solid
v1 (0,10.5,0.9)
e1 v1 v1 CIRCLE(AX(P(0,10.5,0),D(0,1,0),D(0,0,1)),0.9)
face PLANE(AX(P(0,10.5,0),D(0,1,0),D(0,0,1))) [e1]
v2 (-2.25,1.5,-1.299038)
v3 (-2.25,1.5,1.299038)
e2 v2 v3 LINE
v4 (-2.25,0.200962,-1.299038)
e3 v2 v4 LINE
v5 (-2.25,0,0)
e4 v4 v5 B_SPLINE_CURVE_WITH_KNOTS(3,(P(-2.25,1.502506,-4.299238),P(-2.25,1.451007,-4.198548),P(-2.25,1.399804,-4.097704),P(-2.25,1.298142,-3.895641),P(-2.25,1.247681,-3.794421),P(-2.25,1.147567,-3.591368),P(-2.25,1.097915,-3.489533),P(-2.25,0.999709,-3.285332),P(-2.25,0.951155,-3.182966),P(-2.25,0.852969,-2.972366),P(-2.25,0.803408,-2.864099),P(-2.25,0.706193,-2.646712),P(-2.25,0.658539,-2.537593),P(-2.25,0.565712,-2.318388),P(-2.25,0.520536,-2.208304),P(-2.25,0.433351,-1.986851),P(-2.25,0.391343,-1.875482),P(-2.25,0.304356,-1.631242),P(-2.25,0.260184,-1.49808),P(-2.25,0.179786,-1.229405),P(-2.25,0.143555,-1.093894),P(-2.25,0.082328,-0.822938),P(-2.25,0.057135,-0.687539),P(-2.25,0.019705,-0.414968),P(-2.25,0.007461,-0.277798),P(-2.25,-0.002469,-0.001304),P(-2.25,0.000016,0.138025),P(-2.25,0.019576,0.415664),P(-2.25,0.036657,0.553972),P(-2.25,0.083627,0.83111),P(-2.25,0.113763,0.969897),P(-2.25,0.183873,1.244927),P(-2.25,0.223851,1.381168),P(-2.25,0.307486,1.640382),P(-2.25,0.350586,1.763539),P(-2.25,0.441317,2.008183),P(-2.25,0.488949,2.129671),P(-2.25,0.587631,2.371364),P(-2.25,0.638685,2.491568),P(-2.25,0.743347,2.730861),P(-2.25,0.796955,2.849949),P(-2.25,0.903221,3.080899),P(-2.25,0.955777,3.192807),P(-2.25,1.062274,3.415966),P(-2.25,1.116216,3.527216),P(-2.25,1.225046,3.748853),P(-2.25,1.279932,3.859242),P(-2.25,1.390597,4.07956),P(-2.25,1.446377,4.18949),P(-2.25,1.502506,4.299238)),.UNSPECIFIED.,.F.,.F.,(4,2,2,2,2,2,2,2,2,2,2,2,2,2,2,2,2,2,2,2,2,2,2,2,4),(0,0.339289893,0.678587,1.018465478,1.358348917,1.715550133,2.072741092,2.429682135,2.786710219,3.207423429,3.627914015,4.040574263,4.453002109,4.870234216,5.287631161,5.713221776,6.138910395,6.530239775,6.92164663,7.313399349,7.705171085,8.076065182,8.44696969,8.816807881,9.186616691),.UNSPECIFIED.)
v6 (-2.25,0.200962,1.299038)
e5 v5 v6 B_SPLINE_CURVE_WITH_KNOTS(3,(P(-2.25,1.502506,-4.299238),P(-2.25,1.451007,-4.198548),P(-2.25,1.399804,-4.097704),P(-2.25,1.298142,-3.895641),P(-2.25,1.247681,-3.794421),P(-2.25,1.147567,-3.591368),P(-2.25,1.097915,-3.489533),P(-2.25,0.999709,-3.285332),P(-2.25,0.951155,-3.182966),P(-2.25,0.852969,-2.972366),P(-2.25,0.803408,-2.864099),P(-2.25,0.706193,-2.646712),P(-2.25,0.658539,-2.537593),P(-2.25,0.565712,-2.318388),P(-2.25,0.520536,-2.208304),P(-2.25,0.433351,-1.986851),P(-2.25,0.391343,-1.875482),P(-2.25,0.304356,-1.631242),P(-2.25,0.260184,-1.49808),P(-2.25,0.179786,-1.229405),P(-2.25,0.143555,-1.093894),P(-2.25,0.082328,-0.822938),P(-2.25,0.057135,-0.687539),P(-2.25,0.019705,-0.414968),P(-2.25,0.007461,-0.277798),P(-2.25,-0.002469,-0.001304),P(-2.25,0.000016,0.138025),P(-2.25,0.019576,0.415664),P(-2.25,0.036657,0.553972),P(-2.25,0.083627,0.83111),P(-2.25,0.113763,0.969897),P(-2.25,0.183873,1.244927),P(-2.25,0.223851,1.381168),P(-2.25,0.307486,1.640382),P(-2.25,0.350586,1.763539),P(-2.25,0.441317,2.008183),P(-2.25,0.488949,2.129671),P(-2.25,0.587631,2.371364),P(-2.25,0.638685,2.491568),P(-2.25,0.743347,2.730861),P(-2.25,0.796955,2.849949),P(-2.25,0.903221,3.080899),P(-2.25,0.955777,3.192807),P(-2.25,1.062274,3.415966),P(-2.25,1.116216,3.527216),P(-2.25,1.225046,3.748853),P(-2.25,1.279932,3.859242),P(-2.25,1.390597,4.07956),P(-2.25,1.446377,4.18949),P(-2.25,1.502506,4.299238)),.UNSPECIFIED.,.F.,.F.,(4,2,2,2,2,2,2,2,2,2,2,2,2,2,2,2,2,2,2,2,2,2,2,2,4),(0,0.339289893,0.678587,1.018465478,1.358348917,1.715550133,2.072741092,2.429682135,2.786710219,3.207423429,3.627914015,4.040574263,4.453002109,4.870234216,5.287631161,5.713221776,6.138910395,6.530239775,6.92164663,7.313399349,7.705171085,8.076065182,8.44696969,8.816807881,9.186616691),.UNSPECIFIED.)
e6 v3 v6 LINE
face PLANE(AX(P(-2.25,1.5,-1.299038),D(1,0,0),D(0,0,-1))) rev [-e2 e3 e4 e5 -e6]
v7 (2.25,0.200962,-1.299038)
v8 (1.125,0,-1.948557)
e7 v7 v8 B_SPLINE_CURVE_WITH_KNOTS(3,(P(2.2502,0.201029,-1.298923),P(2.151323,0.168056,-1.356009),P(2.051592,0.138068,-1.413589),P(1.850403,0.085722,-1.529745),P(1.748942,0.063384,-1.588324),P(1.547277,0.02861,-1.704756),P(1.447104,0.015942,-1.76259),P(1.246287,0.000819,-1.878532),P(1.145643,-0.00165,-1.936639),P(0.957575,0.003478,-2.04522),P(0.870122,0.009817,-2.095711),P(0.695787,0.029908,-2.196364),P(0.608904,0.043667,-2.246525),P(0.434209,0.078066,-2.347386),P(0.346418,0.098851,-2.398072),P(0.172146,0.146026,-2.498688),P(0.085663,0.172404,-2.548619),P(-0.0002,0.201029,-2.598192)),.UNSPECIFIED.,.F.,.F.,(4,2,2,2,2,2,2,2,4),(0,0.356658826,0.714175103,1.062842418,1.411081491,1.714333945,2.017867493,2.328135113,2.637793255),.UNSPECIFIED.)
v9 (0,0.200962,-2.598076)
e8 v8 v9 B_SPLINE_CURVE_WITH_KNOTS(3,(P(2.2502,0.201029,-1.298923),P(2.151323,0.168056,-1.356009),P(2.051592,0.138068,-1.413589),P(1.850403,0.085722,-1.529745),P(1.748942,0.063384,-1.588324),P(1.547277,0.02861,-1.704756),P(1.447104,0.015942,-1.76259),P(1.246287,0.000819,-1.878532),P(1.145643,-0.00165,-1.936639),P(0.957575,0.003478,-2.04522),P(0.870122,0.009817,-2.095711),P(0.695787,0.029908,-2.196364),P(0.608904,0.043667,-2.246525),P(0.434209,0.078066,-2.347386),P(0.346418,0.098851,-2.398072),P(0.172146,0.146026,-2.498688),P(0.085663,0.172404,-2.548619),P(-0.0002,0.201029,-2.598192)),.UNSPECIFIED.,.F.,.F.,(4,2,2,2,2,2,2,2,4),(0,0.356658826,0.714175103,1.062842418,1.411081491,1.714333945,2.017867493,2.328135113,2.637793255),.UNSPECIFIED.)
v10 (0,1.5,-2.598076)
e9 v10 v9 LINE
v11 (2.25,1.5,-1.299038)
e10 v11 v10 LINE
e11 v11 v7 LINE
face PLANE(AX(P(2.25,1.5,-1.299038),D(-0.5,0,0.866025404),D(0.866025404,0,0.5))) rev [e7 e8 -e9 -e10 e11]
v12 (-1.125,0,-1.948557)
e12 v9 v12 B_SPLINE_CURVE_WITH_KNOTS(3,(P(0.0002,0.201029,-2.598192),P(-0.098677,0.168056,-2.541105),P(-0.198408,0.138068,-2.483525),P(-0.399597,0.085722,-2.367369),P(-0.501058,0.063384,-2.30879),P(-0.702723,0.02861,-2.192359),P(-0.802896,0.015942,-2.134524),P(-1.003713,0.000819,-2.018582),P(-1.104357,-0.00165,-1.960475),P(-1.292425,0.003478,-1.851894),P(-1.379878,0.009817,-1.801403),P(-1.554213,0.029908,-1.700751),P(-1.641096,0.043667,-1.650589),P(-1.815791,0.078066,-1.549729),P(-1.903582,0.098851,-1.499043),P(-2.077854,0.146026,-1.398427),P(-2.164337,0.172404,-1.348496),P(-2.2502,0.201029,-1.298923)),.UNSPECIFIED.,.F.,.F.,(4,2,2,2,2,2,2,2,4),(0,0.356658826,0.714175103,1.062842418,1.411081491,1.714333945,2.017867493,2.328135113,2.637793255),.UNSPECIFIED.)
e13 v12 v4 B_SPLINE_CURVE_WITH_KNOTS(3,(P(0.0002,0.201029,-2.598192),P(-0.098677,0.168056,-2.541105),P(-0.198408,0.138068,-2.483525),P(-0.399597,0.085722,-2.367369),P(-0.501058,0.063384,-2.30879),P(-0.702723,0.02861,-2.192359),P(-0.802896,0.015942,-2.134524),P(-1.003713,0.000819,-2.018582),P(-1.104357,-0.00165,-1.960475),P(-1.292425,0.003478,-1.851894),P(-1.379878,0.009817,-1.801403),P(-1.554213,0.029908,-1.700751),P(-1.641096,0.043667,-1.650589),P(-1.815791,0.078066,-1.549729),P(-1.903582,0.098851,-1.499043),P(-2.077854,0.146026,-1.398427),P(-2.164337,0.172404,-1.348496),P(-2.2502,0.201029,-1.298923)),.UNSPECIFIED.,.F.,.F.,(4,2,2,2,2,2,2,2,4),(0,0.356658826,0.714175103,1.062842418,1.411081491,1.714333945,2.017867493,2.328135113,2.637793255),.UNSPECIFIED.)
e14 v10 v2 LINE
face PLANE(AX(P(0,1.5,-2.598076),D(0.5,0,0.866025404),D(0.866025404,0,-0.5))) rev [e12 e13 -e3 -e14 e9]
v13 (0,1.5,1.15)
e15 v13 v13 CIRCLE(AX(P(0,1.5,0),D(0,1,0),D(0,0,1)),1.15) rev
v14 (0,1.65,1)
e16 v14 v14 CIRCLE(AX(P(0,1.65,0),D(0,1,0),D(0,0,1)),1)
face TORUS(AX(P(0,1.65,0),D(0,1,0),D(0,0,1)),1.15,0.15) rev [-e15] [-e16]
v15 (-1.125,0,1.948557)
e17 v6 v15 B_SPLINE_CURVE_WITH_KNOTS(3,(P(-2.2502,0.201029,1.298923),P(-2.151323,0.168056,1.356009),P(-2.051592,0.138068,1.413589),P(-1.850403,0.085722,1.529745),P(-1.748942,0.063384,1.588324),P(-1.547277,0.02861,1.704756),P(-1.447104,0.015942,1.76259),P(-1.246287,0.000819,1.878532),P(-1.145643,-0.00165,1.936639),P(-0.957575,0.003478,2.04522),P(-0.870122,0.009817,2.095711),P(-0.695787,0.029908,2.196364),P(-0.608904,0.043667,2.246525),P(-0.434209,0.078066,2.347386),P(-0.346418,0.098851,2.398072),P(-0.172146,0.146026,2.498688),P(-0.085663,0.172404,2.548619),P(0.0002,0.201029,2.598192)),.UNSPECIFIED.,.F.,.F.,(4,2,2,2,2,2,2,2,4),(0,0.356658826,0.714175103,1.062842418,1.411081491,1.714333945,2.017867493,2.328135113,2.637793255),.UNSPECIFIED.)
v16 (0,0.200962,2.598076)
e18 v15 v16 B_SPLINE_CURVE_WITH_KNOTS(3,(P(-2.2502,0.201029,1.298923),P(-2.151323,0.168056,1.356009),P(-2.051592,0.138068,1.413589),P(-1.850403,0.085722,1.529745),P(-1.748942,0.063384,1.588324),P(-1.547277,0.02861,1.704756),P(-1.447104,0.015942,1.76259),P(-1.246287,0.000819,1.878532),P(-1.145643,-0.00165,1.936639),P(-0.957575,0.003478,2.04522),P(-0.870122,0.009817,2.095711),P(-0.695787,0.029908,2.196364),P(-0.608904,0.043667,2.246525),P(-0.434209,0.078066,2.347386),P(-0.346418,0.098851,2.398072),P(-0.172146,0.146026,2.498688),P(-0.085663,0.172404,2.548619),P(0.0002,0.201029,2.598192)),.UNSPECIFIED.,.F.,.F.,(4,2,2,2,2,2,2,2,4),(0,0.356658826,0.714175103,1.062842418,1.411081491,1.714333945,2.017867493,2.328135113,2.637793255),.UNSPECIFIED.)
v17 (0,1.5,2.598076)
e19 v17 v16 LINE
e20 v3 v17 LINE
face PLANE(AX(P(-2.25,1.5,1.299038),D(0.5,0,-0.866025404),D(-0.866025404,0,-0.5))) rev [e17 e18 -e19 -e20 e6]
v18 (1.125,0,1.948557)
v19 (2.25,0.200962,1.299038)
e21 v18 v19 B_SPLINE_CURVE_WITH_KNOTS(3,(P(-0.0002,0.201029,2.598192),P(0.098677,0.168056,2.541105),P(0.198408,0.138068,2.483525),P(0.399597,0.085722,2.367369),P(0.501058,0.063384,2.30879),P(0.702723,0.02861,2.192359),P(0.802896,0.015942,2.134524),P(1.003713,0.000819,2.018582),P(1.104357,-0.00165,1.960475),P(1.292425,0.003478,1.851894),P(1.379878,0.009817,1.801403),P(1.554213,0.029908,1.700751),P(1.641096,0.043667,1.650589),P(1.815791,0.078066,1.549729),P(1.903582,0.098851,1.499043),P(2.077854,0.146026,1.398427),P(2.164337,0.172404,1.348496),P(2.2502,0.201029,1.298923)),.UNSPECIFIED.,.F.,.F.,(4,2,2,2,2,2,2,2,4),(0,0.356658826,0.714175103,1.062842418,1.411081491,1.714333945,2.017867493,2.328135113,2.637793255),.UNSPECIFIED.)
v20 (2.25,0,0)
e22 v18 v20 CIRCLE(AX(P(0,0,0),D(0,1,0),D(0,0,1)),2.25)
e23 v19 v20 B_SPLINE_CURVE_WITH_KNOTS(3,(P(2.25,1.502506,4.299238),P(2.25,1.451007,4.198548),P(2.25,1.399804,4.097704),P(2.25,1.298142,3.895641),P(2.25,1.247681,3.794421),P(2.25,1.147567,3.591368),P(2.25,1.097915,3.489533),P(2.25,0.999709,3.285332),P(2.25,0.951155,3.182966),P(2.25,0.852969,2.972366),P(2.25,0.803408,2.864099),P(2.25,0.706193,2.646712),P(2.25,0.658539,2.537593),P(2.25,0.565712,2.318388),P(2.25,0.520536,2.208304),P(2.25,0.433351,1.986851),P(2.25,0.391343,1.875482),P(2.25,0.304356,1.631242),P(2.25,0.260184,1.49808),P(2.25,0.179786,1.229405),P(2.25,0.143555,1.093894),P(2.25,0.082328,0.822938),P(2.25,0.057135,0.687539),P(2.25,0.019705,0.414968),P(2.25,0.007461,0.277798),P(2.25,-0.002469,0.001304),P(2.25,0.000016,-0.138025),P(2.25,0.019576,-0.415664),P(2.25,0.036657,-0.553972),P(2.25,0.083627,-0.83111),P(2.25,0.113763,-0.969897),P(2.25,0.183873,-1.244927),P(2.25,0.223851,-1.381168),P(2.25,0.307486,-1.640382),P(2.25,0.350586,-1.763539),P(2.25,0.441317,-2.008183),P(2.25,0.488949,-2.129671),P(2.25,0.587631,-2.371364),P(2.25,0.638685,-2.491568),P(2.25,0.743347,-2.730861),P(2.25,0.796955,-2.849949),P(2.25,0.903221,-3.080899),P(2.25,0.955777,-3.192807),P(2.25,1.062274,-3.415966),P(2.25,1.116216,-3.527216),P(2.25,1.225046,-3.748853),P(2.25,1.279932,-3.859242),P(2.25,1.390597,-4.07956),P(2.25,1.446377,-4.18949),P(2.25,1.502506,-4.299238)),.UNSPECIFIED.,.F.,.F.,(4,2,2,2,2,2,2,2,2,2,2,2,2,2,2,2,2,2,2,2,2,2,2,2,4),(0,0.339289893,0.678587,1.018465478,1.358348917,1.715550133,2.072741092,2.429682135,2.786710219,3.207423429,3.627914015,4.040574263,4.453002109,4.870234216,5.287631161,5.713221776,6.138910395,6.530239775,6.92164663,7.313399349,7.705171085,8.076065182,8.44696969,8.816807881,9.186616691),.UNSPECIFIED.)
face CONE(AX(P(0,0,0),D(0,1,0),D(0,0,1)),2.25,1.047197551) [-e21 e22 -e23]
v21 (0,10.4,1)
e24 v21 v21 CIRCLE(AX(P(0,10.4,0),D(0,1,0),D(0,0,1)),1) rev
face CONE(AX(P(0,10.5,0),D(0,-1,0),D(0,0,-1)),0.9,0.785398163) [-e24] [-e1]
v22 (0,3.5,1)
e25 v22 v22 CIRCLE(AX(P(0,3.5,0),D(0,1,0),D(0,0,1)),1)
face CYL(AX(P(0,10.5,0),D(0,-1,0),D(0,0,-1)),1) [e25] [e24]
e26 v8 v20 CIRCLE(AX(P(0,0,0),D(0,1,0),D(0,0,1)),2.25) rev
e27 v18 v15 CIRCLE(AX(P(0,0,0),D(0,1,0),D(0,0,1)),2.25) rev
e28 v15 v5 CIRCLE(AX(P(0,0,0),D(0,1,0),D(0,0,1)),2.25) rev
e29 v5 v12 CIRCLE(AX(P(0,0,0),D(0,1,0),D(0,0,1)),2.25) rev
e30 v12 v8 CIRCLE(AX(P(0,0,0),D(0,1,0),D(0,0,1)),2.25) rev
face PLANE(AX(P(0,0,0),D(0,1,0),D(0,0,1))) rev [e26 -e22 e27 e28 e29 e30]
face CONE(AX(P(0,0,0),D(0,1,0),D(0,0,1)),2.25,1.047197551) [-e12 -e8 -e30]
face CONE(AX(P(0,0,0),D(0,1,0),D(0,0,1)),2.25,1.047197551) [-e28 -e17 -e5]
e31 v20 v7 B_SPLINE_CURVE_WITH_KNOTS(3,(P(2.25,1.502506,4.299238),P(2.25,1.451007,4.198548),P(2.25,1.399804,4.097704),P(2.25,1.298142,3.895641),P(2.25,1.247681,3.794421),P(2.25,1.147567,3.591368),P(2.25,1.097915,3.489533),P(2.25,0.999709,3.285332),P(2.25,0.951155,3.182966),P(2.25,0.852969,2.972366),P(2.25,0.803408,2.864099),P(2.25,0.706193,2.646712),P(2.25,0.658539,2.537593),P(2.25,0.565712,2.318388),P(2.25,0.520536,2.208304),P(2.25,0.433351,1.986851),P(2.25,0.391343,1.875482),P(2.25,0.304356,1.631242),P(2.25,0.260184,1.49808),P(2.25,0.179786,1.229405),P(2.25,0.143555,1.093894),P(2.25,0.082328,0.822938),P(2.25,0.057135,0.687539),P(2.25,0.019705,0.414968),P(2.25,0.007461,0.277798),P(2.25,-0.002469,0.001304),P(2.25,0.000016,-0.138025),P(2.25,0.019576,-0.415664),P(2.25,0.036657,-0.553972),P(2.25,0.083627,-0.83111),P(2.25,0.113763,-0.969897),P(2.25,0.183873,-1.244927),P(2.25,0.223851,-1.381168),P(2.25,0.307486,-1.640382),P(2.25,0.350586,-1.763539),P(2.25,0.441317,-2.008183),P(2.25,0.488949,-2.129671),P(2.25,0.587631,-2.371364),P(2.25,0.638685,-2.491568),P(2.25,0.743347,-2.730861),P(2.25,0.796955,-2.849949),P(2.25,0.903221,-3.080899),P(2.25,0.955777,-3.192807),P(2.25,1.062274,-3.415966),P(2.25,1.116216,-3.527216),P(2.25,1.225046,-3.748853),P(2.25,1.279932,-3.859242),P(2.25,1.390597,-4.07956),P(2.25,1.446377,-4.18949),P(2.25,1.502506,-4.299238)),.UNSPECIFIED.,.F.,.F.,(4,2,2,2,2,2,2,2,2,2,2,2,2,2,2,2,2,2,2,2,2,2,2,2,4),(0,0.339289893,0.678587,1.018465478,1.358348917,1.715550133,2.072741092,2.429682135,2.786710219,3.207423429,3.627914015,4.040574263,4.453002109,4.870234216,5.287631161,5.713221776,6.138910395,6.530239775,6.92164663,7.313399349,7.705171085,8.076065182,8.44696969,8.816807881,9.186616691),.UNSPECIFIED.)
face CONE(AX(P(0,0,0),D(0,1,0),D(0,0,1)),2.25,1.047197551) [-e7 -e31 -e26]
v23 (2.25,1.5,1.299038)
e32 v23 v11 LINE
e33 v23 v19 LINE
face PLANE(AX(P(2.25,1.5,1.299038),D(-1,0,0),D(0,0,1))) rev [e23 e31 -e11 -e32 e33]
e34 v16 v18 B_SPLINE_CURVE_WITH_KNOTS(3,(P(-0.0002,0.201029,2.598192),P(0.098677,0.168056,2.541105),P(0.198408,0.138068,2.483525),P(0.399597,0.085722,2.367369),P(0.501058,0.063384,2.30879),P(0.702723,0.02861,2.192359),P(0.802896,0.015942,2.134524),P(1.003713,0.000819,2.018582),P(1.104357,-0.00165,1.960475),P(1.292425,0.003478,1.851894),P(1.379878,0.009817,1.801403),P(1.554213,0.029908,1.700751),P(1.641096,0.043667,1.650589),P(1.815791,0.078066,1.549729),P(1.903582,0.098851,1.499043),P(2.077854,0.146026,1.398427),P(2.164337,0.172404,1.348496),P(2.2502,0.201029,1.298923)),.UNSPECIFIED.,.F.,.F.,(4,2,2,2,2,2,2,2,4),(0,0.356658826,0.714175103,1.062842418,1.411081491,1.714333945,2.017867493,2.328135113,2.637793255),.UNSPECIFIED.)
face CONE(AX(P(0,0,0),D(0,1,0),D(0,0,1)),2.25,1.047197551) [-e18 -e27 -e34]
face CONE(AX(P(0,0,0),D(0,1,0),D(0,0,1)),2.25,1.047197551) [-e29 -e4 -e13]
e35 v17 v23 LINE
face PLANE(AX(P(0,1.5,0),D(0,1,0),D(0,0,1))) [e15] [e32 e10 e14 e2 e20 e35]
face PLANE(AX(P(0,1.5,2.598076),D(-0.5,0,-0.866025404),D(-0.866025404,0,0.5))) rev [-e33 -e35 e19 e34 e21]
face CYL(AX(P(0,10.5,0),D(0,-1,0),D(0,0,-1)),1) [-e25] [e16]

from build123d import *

# Parameters (mm, degrees)
BOSS_EXTRUDE1_DEPTH = 1.5
SKETCH3_OUTSIDE_W   = 13.104
SKETCH3_OUTSIDE_H   = 13.8
SKETCH3_OUTSIDE_R   = 2.25
CUT_EXTRUDE1_DEPTH  = 1.5
CUT_EXTRUDE1_DRAFT  = 60
SKETCH4_R           = 1
BOSS_EXTRUDE2_DEPTH = 9
CHAMFER1_SIZE       = 0.1
FILLET1_R           = 0.15


with BuildPart() as part:
    # Sketch1 → Boss-Extrude1 (new body)
    with BuildSketch(Plane(origin=(0, 0, 0), x_dir=(1, 0, 0), z_dir=(0, 1, 0))):
        Polygon((0, -2.598076211), (2.25, -1.299038106), (2.25, 1.299038106), (0, 2.598076211), (-2.25, 1.299038106), (-2.25, -1.299038106), align=None)
    extrude(amount=BOSS_EXTRUDE1_DEPTH)


with BuildPart() as cut_extrude1_tool:
    # Sketch3 outside → Cut-Extrude1 (with draft: the straight prism first)
    with BuildSketch(Plane(origin=(0, 0, 0), x_dir=(1, 0, 0), z_dir=(0, 1, 0))):
        Rectangle(SKETCH3_OUTSIDE_W, SKETCH3_OUTSIDE_H)
        Circle(SKETCH3_OUTSIDE_R, mode=Mode.SUBTRACT)
    extrude(amount=CUT_EXTRUDE1_DEPTH)
    # Cut-Extrude1: the draft: its side faces are tilted about the plane it starts from
    cut_extrude1_sides = [cut_extrude1_tool.faces().sort_by_distance(p)[0] for p in [
        (0, 0.75, 6.9),
        (6.552, 0.75, 0),
        (0, 0.75, -6.9),
        (-6.552, 0.75, 0),
        (-2.25, 0.75, 0),
    ]]
    draft(cut_extrude1_sides, Plane(origin=(0, 0, 0), x_dir=(1, 0, 0), z_dir=(0, 1, 0)), CUT_EXTRUDE1_DRAFT)


with BuildPart() as part_1:
    add(part.part)

    # Cut-Extrude1: cut by cut_extrude1_tool
    add(cut_extrude1_tool.part, mode=Mode.SUBTRACT)

    # Sketch4 → Boss-Extrude2 (add)
    with BuildSketch(Plane(origin=(0, 1.5, 0), x_dir=(1, 0, 0), z_dir=(0, 1, 0))):
        with Locations(Location((0, 0, 0), (0, 0, 270))):
            Circle(SKETCH4_R)
    extrude(amount=BOSS_EXTRUDE2_DEPTH)

    # Chamfer1
    chamfer1_edges = [part_1.edges().sort_by_distance(p)[0] for p in [
        (0, 10.5, -1),
    ]]
    chamfer(chamfer1_edges, length=CHAMFER1_SIZE)

    # Fillet1
    fillet1_edges = [part_1.edges().sort_by_distance(p)[0] for p in [
        (0, 1.5, -1),
    ]]
    fillet(fillet1_edges, radius=FILLET1_R)


solid = part_1.part
